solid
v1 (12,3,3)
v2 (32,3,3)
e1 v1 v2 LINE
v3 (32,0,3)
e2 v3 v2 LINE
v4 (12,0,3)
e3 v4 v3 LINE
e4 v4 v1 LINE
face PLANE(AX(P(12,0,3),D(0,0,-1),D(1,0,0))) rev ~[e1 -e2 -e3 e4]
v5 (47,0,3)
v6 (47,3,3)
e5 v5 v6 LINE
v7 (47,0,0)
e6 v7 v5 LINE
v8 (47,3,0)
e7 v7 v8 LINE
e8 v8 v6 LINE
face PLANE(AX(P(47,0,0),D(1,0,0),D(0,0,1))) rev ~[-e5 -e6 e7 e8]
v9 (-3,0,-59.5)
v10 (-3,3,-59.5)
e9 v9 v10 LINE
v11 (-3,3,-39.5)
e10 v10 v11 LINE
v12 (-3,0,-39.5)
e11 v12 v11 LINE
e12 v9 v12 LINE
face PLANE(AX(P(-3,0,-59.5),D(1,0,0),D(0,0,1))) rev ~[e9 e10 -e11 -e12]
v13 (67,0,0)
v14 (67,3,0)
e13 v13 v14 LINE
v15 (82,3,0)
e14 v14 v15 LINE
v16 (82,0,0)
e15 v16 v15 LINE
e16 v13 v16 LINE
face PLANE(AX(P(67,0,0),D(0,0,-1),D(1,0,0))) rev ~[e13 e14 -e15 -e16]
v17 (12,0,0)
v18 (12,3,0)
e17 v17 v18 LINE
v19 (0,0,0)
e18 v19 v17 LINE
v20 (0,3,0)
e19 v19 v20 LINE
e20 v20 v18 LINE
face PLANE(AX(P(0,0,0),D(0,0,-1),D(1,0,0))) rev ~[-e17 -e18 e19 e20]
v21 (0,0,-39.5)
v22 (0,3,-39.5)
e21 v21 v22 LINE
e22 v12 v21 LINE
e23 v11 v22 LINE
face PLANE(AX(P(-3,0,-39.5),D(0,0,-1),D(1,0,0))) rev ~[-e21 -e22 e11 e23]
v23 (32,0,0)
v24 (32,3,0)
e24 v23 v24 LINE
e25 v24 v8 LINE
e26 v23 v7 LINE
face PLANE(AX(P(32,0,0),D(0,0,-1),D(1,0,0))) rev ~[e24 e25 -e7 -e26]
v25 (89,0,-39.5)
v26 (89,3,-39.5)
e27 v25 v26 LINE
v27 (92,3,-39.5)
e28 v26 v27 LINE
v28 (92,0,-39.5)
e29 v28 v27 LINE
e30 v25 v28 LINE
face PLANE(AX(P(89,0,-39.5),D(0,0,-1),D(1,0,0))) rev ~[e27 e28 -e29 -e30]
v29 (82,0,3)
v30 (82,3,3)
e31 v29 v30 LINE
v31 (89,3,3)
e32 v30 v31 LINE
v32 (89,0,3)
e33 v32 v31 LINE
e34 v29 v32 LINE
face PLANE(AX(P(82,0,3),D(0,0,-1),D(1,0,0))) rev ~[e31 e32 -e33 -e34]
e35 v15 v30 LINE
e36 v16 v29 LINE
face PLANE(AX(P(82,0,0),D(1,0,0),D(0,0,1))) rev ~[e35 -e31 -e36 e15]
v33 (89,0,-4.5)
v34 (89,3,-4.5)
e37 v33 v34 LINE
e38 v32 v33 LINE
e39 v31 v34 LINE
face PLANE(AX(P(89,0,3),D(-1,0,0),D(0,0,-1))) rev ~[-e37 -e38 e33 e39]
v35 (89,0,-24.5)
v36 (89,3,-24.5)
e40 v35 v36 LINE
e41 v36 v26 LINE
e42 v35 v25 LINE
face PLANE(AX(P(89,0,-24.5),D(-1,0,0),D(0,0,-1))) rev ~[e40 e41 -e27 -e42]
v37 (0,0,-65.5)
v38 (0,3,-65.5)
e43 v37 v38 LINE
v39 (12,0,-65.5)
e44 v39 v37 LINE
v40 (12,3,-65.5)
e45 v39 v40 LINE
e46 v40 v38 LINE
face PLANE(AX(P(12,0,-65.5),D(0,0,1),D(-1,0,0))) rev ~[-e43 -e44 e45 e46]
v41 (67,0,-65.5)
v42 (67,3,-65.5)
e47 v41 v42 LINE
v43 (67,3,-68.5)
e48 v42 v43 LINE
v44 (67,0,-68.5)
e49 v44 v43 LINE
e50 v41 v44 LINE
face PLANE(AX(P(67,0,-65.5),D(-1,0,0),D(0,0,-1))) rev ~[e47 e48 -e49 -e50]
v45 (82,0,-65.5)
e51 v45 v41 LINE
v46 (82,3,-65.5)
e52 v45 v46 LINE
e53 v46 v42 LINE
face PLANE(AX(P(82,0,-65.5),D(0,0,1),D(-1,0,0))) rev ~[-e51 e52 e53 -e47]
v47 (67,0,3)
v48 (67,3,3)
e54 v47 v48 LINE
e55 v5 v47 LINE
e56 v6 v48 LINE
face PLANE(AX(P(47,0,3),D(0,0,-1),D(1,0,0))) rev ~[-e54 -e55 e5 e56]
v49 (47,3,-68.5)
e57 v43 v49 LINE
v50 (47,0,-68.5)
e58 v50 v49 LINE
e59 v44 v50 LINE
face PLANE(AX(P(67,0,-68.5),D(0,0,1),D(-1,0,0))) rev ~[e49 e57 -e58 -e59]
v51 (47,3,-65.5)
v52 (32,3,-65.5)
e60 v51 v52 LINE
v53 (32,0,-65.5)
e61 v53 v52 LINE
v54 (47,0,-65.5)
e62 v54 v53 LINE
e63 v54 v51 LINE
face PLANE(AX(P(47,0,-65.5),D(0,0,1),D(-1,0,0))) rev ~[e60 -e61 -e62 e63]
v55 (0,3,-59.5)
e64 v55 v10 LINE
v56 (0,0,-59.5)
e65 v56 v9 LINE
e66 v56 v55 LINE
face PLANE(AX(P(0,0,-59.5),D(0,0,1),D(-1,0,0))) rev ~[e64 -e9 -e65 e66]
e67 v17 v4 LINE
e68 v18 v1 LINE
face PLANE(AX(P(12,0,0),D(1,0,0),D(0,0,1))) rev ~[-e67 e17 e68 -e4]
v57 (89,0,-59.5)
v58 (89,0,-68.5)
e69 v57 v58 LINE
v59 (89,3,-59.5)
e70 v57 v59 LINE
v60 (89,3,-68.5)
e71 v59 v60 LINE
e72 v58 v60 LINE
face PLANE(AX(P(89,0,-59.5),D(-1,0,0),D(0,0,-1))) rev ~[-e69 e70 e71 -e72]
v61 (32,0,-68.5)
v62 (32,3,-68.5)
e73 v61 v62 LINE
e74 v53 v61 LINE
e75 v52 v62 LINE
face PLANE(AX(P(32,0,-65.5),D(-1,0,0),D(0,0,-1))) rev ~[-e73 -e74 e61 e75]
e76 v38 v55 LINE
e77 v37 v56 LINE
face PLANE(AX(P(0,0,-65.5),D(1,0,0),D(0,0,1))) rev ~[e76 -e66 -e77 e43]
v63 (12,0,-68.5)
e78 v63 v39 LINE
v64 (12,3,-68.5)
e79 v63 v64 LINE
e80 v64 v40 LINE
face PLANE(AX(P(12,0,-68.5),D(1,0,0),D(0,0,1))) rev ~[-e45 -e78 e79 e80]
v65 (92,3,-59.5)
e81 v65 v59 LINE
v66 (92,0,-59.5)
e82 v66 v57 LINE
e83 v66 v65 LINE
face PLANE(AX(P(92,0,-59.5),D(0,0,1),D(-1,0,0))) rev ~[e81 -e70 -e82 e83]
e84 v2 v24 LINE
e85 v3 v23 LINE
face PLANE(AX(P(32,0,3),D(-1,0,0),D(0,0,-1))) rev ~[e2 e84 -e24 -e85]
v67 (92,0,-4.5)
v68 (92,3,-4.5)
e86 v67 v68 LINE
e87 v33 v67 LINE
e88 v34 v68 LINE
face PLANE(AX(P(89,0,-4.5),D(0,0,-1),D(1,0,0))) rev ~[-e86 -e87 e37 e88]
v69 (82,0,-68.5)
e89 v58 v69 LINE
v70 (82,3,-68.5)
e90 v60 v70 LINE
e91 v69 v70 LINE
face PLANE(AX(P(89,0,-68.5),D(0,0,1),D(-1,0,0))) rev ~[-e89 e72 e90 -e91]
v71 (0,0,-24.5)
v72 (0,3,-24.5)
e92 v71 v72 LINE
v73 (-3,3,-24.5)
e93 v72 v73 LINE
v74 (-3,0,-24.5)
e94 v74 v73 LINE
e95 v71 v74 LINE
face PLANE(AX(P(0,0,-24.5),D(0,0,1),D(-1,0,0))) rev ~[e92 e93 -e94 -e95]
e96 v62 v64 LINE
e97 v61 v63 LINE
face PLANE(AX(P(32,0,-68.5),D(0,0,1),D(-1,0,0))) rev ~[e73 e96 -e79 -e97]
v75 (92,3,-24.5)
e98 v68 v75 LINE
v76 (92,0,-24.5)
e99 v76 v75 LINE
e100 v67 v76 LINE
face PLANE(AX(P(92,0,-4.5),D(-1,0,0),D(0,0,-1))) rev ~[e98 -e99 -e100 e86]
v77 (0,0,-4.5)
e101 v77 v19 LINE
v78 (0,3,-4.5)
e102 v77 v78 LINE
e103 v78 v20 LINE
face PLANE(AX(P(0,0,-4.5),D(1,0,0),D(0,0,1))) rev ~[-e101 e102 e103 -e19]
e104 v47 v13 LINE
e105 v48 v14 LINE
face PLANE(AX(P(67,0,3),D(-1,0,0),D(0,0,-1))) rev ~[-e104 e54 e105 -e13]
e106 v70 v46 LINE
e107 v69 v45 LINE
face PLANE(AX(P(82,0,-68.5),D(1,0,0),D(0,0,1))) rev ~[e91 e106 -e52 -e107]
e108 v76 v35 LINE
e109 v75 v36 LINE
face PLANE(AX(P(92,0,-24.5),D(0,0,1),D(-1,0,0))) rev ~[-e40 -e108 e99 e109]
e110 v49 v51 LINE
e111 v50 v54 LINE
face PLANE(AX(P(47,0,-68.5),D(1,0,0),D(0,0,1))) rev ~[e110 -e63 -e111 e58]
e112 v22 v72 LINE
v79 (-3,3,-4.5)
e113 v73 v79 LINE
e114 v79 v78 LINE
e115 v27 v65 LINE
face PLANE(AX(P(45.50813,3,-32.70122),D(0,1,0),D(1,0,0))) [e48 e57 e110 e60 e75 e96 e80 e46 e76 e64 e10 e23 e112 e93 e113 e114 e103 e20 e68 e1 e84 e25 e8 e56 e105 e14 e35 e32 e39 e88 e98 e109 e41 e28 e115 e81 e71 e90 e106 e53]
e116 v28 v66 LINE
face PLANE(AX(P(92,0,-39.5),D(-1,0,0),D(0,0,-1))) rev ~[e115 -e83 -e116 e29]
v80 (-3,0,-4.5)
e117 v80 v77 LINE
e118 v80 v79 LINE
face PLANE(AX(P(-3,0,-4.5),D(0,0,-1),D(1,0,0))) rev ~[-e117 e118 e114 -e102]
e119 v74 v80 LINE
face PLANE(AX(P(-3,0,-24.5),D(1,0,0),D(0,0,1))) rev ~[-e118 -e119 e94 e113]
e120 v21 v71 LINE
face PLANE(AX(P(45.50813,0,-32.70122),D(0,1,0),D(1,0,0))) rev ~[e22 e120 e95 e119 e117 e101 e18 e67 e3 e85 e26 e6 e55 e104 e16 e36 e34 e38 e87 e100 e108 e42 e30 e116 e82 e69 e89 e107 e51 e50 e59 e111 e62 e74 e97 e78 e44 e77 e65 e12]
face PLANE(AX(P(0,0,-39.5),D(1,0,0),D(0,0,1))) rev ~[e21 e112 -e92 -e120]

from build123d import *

# Parameters (mm, degrees)
BOSS_EXTRUDE1_DEPTH = 3


with BuildPart() as part:
    # Sketch1 → Boss-Extrude1 (new body)
    with BuildSketch(Plane(origin=(0, 0, 0), x_dir=(1, 0, 0), z_dir=(0, 1, 0))):
        Polygon((12, 65.5), (0, 65.5), (0, 59.5), (-3, 59.5), (-3, 39.5), (0, 39.5), (0, 24.5), (-3, 24.5), (-3, 4.5), (0, 4.5), (0, 0), (12, 0), (12, -3), (32, -3), (32, 0), (47, 0), (47, -3), (67, -3), (67, 0), (82, 0), (82, -3), (89, -3), (89, 0), (89, 4.5), (92, 4.5), (92, 24.5), (89, 24.5), (89, 39.5), (92, 39.5), (92, 59.5), (89, 59.5), (89, 65.5), (89, 68.5), (82, 68.5), (82, 65.5), (67, 65.5), (67, 68.5), (47, 68.5), (47, 65.5), (32, 65.5), (32, 68.5), (12, 68.5), align=None)
    extrude(amount=BOSS_EXTRUDE1_DEPTH)


solid = part.part
